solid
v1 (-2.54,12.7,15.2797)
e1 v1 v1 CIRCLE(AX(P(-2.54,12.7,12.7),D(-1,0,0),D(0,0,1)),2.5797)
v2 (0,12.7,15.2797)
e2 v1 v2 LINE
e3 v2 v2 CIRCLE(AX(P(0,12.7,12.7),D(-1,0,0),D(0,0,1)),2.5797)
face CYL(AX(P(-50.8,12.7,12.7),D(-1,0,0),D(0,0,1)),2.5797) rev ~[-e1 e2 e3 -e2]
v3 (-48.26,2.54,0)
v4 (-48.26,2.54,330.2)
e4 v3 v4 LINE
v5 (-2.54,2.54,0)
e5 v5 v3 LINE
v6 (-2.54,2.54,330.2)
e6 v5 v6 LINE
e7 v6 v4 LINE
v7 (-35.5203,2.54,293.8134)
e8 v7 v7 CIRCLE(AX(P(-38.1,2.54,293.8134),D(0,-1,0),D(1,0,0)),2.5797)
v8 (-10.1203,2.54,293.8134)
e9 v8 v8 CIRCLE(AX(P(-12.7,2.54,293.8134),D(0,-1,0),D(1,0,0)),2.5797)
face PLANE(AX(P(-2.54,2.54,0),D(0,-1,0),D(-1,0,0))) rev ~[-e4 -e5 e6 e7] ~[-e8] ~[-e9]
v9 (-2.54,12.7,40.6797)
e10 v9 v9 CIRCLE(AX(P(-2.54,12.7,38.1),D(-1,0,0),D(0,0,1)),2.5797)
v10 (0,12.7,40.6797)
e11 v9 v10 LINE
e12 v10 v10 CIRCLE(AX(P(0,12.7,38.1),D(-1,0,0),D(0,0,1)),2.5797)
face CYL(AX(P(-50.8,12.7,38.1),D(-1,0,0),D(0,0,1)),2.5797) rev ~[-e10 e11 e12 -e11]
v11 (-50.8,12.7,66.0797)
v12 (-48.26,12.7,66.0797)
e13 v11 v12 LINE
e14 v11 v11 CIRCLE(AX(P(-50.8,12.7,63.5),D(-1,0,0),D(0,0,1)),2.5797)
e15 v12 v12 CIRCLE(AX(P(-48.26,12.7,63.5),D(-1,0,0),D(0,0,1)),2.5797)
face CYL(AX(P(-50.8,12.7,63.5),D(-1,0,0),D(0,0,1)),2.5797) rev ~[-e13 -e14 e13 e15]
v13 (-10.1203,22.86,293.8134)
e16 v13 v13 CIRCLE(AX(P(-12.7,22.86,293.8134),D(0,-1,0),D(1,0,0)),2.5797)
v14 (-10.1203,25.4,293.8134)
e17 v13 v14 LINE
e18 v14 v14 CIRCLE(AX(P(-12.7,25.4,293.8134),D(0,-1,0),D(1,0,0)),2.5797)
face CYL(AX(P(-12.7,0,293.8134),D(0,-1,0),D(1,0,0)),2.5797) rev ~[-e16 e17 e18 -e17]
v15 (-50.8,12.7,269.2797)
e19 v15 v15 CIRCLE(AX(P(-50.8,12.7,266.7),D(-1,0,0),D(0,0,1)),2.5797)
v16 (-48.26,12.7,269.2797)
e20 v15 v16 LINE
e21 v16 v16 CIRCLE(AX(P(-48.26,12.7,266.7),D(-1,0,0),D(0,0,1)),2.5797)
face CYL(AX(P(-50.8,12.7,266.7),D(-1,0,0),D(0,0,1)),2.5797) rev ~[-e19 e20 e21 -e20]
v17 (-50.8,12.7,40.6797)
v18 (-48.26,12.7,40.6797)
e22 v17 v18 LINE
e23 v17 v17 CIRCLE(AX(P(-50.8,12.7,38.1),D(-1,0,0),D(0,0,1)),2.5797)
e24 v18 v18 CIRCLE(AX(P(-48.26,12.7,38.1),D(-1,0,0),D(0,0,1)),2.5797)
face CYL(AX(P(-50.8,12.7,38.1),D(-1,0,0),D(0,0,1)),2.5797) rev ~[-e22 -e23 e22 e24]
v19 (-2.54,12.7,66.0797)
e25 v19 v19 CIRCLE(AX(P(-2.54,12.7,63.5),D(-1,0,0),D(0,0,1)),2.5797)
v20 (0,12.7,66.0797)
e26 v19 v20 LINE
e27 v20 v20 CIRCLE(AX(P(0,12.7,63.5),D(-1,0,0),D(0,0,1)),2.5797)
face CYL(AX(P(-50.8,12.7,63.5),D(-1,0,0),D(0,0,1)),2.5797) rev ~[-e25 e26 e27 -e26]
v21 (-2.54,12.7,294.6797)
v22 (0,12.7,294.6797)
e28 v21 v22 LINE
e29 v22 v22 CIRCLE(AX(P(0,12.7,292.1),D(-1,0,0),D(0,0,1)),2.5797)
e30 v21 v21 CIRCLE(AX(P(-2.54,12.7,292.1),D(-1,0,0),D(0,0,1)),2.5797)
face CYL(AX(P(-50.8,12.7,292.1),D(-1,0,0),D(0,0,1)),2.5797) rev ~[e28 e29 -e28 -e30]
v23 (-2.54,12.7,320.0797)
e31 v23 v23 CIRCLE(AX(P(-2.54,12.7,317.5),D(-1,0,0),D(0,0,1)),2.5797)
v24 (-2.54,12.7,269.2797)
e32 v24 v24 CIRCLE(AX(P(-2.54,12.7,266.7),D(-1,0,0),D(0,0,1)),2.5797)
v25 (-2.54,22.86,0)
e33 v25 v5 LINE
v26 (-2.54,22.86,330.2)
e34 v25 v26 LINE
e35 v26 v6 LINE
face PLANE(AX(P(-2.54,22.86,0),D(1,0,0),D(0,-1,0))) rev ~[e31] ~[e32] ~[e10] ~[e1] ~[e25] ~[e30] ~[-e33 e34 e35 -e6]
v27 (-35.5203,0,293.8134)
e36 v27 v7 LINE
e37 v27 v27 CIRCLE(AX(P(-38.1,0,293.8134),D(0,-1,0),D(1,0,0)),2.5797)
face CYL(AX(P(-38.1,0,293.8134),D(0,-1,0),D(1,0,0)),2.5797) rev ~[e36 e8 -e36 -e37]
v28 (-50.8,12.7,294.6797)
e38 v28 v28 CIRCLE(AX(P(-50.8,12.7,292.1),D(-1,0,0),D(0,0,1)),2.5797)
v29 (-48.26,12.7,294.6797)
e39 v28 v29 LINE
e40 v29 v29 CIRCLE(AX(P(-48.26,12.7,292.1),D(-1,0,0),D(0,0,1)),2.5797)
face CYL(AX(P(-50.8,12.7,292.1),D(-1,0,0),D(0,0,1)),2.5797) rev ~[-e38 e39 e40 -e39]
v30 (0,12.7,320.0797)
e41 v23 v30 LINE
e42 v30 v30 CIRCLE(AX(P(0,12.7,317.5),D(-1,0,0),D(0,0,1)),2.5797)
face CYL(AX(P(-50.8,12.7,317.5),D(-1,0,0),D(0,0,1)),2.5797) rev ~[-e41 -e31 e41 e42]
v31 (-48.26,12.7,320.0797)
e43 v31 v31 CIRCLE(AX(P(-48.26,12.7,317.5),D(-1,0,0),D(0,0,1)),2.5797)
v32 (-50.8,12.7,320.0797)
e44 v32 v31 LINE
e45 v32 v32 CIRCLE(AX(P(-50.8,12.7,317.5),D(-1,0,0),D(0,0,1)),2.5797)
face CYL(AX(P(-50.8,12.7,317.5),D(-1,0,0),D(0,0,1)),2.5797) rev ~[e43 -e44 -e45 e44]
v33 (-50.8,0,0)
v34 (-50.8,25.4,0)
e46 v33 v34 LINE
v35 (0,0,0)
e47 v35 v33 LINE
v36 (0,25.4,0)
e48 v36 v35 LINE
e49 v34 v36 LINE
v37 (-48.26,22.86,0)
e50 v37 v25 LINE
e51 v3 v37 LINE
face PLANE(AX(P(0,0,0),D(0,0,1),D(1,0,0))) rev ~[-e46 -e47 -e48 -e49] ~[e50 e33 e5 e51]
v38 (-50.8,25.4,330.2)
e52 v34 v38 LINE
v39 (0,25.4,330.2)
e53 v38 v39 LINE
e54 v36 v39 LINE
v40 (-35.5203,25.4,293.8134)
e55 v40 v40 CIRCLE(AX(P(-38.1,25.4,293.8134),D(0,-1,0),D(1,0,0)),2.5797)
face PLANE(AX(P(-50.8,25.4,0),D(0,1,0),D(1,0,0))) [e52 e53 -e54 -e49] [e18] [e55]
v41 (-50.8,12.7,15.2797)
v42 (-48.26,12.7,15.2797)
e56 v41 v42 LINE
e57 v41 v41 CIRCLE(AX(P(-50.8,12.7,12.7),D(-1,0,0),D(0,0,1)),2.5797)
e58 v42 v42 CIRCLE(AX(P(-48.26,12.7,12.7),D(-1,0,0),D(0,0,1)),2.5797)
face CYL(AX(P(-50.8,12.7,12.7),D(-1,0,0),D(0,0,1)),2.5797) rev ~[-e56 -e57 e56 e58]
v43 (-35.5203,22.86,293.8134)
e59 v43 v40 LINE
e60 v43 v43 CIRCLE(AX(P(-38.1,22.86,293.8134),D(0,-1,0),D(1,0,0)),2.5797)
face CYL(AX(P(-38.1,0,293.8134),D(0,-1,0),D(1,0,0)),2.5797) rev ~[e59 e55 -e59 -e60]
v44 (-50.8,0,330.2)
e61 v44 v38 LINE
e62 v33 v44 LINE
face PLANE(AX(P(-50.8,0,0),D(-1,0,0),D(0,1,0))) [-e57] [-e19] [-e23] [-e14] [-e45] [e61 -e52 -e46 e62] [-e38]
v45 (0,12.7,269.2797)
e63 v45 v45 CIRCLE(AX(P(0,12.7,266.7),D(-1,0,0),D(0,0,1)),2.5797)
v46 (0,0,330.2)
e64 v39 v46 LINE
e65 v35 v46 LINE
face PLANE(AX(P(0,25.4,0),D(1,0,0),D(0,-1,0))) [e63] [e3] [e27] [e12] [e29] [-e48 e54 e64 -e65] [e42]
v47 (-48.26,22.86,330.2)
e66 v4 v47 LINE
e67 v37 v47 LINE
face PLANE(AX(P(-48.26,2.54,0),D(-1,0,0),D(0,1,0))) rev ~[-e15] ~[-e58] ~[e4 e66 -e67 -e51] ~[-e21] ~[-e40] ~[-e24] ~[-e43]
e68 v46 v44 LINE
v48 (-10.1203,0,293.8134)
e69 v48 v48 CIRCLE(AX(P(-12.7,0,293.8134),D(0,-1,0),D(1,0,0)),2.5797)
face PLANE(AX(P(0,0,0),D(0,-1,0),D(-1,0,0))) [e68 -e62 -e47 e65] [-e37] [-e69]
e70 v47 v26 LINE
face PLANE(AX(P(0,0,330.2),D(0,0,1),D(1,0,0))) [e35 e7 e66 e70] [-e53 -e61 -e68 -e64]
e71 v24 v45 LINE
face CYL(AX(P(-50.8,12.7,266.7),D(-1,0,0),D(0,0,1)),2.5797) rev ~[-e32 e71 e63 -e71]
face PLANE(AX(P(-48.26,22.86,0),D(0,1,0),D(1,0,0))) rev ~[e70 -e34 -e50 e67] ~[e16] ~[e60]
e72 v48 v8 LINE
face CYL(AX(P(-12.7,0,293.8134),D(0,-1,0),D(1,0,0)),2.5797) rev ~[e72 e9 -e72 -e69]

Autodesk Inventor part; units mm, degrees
ref_plane "YZ Plane" through (0, 0, 0) normal (1, 0, 0) x (0, 1, 0)
ref_plane "XZ Plane" through (0, 0, 0) normal (0, 1, 0) x (-1, 0, 0)
ref_plane "XY Plane" through (0, 0, 0) normal (0, 0, 1) x (1, 0, 0)
sketch "Sketch1" plane through (0, 0, 0) normal (0, 0, 1) x (1, 0, 0)
  line L0 (0, 0) -> (-50.8, 0)
  line L1 (-50.8, 0) -> (-50.8, 25.4)
  line L2 (-50.8, 25.4) -> (0, 25.4)
  line L3 (0, 25.4) -> (0, 0)
  line L4 (-48.26, 22.86) -> (-2.54, 22.86)
  line L5 (-2.54, 22.86) -> (-2.54, 2.54)
  line L6 (-2.54, 2.54) -> (-48.26, 2.54)
  line L7 (-48.26, 2.54) -> (-48.26, 22.86)
  dimension "d0" = 25.4
  dimension "d1" = 50.8
  dimension "d2" = 2.54
  dimension "d3" = 2.54
  dimension "d4" = 2.54
  dimension "d5" = 2.54
extrude "Extrusion1" add sketch "Sketch1" along normal blind 330.2
sketch "Sketch2" plane through (-50.8, 0, 0) normal (-1, 0, 0) x (0, 0, 1)
  circle A0 centre (12.7, 12.7) radius 2.5797
  circle A1 centre (38.1, 12.7) radius 2.5797
  circle A2 centre (63.5, 12.7) radius 2.5797
  circle A3 centre (266.7, 12.7) radius 2.5797
  circle A4 centre (292.1, 12.7) radius 2.5797
  circle A5 centre (317.5, 12.7) radius 2.5797
  line L0 (0, 0) -> (0, 25.4) projected
  line L1 (330.2, 25.4) -> (330.2, 0) projected
  line L2 (0, 25.4) -> (330.2, 25.4) projected
  dimension "d8" = 12.7
  dimension "d9" = 25.4
  dimension "d10" = 25.4
  dimension "d11" = 25.4
  dimension "d12" = 25.4
  dimension "d13" = 12.7
  dimension "d14" = 5.1594
  dimension "d15" = 5.1594
  dimension "d16" = 5.1594
  dimension "d19" = 5.1594
  dimension "d20" = 5.1594
  dimension "d21" = 5.1594
  dimension "d22" = 12.7
  dimension "d23" = 12.7
  dimension "d24" = 12.7
  dimension "d25" = 12.7
  dimension "d26" = 12.7
  dimension "d27" = 12.7
extrude "Extrusion2" cut sketch "Sketch2" against normal blind 279.4
sketch "Sketch3" plane through (-50.8, 0, 0) normal (0, -1, 0) x (1, 0, 0)
  circle A0 centre (12.7, 293.8134) radius 2.5797
  circle A1 centre (38.1, 293.8134) radius 2.5797
  line L0 (0, 0) -> (0, 330.2) projected
  point P0 (50.8, 0)
  dimension "d30" = 5.1594
  dimension "d31" = 5.1594
  dimension "d32" = 12.7
  dimension "d33" = 25.4
extrude "Extrusion3" cut sketch "Sketch3" against normal blind 279.4
equation "\"d10\" = d9"
equation "\"d11\" = d9"
equation "\"d15\" = d14"
equation "\"d16\" = d14"
equation "\"d19\" = d14"
equation "\"d20\" = d14"
equation "\"d21\" = d14"
equation "\"d26\" = d25"
equation "\"d27\" = d25"
equation "\"d31\" = d30"
properties part number "ATACHMENT BAR"
